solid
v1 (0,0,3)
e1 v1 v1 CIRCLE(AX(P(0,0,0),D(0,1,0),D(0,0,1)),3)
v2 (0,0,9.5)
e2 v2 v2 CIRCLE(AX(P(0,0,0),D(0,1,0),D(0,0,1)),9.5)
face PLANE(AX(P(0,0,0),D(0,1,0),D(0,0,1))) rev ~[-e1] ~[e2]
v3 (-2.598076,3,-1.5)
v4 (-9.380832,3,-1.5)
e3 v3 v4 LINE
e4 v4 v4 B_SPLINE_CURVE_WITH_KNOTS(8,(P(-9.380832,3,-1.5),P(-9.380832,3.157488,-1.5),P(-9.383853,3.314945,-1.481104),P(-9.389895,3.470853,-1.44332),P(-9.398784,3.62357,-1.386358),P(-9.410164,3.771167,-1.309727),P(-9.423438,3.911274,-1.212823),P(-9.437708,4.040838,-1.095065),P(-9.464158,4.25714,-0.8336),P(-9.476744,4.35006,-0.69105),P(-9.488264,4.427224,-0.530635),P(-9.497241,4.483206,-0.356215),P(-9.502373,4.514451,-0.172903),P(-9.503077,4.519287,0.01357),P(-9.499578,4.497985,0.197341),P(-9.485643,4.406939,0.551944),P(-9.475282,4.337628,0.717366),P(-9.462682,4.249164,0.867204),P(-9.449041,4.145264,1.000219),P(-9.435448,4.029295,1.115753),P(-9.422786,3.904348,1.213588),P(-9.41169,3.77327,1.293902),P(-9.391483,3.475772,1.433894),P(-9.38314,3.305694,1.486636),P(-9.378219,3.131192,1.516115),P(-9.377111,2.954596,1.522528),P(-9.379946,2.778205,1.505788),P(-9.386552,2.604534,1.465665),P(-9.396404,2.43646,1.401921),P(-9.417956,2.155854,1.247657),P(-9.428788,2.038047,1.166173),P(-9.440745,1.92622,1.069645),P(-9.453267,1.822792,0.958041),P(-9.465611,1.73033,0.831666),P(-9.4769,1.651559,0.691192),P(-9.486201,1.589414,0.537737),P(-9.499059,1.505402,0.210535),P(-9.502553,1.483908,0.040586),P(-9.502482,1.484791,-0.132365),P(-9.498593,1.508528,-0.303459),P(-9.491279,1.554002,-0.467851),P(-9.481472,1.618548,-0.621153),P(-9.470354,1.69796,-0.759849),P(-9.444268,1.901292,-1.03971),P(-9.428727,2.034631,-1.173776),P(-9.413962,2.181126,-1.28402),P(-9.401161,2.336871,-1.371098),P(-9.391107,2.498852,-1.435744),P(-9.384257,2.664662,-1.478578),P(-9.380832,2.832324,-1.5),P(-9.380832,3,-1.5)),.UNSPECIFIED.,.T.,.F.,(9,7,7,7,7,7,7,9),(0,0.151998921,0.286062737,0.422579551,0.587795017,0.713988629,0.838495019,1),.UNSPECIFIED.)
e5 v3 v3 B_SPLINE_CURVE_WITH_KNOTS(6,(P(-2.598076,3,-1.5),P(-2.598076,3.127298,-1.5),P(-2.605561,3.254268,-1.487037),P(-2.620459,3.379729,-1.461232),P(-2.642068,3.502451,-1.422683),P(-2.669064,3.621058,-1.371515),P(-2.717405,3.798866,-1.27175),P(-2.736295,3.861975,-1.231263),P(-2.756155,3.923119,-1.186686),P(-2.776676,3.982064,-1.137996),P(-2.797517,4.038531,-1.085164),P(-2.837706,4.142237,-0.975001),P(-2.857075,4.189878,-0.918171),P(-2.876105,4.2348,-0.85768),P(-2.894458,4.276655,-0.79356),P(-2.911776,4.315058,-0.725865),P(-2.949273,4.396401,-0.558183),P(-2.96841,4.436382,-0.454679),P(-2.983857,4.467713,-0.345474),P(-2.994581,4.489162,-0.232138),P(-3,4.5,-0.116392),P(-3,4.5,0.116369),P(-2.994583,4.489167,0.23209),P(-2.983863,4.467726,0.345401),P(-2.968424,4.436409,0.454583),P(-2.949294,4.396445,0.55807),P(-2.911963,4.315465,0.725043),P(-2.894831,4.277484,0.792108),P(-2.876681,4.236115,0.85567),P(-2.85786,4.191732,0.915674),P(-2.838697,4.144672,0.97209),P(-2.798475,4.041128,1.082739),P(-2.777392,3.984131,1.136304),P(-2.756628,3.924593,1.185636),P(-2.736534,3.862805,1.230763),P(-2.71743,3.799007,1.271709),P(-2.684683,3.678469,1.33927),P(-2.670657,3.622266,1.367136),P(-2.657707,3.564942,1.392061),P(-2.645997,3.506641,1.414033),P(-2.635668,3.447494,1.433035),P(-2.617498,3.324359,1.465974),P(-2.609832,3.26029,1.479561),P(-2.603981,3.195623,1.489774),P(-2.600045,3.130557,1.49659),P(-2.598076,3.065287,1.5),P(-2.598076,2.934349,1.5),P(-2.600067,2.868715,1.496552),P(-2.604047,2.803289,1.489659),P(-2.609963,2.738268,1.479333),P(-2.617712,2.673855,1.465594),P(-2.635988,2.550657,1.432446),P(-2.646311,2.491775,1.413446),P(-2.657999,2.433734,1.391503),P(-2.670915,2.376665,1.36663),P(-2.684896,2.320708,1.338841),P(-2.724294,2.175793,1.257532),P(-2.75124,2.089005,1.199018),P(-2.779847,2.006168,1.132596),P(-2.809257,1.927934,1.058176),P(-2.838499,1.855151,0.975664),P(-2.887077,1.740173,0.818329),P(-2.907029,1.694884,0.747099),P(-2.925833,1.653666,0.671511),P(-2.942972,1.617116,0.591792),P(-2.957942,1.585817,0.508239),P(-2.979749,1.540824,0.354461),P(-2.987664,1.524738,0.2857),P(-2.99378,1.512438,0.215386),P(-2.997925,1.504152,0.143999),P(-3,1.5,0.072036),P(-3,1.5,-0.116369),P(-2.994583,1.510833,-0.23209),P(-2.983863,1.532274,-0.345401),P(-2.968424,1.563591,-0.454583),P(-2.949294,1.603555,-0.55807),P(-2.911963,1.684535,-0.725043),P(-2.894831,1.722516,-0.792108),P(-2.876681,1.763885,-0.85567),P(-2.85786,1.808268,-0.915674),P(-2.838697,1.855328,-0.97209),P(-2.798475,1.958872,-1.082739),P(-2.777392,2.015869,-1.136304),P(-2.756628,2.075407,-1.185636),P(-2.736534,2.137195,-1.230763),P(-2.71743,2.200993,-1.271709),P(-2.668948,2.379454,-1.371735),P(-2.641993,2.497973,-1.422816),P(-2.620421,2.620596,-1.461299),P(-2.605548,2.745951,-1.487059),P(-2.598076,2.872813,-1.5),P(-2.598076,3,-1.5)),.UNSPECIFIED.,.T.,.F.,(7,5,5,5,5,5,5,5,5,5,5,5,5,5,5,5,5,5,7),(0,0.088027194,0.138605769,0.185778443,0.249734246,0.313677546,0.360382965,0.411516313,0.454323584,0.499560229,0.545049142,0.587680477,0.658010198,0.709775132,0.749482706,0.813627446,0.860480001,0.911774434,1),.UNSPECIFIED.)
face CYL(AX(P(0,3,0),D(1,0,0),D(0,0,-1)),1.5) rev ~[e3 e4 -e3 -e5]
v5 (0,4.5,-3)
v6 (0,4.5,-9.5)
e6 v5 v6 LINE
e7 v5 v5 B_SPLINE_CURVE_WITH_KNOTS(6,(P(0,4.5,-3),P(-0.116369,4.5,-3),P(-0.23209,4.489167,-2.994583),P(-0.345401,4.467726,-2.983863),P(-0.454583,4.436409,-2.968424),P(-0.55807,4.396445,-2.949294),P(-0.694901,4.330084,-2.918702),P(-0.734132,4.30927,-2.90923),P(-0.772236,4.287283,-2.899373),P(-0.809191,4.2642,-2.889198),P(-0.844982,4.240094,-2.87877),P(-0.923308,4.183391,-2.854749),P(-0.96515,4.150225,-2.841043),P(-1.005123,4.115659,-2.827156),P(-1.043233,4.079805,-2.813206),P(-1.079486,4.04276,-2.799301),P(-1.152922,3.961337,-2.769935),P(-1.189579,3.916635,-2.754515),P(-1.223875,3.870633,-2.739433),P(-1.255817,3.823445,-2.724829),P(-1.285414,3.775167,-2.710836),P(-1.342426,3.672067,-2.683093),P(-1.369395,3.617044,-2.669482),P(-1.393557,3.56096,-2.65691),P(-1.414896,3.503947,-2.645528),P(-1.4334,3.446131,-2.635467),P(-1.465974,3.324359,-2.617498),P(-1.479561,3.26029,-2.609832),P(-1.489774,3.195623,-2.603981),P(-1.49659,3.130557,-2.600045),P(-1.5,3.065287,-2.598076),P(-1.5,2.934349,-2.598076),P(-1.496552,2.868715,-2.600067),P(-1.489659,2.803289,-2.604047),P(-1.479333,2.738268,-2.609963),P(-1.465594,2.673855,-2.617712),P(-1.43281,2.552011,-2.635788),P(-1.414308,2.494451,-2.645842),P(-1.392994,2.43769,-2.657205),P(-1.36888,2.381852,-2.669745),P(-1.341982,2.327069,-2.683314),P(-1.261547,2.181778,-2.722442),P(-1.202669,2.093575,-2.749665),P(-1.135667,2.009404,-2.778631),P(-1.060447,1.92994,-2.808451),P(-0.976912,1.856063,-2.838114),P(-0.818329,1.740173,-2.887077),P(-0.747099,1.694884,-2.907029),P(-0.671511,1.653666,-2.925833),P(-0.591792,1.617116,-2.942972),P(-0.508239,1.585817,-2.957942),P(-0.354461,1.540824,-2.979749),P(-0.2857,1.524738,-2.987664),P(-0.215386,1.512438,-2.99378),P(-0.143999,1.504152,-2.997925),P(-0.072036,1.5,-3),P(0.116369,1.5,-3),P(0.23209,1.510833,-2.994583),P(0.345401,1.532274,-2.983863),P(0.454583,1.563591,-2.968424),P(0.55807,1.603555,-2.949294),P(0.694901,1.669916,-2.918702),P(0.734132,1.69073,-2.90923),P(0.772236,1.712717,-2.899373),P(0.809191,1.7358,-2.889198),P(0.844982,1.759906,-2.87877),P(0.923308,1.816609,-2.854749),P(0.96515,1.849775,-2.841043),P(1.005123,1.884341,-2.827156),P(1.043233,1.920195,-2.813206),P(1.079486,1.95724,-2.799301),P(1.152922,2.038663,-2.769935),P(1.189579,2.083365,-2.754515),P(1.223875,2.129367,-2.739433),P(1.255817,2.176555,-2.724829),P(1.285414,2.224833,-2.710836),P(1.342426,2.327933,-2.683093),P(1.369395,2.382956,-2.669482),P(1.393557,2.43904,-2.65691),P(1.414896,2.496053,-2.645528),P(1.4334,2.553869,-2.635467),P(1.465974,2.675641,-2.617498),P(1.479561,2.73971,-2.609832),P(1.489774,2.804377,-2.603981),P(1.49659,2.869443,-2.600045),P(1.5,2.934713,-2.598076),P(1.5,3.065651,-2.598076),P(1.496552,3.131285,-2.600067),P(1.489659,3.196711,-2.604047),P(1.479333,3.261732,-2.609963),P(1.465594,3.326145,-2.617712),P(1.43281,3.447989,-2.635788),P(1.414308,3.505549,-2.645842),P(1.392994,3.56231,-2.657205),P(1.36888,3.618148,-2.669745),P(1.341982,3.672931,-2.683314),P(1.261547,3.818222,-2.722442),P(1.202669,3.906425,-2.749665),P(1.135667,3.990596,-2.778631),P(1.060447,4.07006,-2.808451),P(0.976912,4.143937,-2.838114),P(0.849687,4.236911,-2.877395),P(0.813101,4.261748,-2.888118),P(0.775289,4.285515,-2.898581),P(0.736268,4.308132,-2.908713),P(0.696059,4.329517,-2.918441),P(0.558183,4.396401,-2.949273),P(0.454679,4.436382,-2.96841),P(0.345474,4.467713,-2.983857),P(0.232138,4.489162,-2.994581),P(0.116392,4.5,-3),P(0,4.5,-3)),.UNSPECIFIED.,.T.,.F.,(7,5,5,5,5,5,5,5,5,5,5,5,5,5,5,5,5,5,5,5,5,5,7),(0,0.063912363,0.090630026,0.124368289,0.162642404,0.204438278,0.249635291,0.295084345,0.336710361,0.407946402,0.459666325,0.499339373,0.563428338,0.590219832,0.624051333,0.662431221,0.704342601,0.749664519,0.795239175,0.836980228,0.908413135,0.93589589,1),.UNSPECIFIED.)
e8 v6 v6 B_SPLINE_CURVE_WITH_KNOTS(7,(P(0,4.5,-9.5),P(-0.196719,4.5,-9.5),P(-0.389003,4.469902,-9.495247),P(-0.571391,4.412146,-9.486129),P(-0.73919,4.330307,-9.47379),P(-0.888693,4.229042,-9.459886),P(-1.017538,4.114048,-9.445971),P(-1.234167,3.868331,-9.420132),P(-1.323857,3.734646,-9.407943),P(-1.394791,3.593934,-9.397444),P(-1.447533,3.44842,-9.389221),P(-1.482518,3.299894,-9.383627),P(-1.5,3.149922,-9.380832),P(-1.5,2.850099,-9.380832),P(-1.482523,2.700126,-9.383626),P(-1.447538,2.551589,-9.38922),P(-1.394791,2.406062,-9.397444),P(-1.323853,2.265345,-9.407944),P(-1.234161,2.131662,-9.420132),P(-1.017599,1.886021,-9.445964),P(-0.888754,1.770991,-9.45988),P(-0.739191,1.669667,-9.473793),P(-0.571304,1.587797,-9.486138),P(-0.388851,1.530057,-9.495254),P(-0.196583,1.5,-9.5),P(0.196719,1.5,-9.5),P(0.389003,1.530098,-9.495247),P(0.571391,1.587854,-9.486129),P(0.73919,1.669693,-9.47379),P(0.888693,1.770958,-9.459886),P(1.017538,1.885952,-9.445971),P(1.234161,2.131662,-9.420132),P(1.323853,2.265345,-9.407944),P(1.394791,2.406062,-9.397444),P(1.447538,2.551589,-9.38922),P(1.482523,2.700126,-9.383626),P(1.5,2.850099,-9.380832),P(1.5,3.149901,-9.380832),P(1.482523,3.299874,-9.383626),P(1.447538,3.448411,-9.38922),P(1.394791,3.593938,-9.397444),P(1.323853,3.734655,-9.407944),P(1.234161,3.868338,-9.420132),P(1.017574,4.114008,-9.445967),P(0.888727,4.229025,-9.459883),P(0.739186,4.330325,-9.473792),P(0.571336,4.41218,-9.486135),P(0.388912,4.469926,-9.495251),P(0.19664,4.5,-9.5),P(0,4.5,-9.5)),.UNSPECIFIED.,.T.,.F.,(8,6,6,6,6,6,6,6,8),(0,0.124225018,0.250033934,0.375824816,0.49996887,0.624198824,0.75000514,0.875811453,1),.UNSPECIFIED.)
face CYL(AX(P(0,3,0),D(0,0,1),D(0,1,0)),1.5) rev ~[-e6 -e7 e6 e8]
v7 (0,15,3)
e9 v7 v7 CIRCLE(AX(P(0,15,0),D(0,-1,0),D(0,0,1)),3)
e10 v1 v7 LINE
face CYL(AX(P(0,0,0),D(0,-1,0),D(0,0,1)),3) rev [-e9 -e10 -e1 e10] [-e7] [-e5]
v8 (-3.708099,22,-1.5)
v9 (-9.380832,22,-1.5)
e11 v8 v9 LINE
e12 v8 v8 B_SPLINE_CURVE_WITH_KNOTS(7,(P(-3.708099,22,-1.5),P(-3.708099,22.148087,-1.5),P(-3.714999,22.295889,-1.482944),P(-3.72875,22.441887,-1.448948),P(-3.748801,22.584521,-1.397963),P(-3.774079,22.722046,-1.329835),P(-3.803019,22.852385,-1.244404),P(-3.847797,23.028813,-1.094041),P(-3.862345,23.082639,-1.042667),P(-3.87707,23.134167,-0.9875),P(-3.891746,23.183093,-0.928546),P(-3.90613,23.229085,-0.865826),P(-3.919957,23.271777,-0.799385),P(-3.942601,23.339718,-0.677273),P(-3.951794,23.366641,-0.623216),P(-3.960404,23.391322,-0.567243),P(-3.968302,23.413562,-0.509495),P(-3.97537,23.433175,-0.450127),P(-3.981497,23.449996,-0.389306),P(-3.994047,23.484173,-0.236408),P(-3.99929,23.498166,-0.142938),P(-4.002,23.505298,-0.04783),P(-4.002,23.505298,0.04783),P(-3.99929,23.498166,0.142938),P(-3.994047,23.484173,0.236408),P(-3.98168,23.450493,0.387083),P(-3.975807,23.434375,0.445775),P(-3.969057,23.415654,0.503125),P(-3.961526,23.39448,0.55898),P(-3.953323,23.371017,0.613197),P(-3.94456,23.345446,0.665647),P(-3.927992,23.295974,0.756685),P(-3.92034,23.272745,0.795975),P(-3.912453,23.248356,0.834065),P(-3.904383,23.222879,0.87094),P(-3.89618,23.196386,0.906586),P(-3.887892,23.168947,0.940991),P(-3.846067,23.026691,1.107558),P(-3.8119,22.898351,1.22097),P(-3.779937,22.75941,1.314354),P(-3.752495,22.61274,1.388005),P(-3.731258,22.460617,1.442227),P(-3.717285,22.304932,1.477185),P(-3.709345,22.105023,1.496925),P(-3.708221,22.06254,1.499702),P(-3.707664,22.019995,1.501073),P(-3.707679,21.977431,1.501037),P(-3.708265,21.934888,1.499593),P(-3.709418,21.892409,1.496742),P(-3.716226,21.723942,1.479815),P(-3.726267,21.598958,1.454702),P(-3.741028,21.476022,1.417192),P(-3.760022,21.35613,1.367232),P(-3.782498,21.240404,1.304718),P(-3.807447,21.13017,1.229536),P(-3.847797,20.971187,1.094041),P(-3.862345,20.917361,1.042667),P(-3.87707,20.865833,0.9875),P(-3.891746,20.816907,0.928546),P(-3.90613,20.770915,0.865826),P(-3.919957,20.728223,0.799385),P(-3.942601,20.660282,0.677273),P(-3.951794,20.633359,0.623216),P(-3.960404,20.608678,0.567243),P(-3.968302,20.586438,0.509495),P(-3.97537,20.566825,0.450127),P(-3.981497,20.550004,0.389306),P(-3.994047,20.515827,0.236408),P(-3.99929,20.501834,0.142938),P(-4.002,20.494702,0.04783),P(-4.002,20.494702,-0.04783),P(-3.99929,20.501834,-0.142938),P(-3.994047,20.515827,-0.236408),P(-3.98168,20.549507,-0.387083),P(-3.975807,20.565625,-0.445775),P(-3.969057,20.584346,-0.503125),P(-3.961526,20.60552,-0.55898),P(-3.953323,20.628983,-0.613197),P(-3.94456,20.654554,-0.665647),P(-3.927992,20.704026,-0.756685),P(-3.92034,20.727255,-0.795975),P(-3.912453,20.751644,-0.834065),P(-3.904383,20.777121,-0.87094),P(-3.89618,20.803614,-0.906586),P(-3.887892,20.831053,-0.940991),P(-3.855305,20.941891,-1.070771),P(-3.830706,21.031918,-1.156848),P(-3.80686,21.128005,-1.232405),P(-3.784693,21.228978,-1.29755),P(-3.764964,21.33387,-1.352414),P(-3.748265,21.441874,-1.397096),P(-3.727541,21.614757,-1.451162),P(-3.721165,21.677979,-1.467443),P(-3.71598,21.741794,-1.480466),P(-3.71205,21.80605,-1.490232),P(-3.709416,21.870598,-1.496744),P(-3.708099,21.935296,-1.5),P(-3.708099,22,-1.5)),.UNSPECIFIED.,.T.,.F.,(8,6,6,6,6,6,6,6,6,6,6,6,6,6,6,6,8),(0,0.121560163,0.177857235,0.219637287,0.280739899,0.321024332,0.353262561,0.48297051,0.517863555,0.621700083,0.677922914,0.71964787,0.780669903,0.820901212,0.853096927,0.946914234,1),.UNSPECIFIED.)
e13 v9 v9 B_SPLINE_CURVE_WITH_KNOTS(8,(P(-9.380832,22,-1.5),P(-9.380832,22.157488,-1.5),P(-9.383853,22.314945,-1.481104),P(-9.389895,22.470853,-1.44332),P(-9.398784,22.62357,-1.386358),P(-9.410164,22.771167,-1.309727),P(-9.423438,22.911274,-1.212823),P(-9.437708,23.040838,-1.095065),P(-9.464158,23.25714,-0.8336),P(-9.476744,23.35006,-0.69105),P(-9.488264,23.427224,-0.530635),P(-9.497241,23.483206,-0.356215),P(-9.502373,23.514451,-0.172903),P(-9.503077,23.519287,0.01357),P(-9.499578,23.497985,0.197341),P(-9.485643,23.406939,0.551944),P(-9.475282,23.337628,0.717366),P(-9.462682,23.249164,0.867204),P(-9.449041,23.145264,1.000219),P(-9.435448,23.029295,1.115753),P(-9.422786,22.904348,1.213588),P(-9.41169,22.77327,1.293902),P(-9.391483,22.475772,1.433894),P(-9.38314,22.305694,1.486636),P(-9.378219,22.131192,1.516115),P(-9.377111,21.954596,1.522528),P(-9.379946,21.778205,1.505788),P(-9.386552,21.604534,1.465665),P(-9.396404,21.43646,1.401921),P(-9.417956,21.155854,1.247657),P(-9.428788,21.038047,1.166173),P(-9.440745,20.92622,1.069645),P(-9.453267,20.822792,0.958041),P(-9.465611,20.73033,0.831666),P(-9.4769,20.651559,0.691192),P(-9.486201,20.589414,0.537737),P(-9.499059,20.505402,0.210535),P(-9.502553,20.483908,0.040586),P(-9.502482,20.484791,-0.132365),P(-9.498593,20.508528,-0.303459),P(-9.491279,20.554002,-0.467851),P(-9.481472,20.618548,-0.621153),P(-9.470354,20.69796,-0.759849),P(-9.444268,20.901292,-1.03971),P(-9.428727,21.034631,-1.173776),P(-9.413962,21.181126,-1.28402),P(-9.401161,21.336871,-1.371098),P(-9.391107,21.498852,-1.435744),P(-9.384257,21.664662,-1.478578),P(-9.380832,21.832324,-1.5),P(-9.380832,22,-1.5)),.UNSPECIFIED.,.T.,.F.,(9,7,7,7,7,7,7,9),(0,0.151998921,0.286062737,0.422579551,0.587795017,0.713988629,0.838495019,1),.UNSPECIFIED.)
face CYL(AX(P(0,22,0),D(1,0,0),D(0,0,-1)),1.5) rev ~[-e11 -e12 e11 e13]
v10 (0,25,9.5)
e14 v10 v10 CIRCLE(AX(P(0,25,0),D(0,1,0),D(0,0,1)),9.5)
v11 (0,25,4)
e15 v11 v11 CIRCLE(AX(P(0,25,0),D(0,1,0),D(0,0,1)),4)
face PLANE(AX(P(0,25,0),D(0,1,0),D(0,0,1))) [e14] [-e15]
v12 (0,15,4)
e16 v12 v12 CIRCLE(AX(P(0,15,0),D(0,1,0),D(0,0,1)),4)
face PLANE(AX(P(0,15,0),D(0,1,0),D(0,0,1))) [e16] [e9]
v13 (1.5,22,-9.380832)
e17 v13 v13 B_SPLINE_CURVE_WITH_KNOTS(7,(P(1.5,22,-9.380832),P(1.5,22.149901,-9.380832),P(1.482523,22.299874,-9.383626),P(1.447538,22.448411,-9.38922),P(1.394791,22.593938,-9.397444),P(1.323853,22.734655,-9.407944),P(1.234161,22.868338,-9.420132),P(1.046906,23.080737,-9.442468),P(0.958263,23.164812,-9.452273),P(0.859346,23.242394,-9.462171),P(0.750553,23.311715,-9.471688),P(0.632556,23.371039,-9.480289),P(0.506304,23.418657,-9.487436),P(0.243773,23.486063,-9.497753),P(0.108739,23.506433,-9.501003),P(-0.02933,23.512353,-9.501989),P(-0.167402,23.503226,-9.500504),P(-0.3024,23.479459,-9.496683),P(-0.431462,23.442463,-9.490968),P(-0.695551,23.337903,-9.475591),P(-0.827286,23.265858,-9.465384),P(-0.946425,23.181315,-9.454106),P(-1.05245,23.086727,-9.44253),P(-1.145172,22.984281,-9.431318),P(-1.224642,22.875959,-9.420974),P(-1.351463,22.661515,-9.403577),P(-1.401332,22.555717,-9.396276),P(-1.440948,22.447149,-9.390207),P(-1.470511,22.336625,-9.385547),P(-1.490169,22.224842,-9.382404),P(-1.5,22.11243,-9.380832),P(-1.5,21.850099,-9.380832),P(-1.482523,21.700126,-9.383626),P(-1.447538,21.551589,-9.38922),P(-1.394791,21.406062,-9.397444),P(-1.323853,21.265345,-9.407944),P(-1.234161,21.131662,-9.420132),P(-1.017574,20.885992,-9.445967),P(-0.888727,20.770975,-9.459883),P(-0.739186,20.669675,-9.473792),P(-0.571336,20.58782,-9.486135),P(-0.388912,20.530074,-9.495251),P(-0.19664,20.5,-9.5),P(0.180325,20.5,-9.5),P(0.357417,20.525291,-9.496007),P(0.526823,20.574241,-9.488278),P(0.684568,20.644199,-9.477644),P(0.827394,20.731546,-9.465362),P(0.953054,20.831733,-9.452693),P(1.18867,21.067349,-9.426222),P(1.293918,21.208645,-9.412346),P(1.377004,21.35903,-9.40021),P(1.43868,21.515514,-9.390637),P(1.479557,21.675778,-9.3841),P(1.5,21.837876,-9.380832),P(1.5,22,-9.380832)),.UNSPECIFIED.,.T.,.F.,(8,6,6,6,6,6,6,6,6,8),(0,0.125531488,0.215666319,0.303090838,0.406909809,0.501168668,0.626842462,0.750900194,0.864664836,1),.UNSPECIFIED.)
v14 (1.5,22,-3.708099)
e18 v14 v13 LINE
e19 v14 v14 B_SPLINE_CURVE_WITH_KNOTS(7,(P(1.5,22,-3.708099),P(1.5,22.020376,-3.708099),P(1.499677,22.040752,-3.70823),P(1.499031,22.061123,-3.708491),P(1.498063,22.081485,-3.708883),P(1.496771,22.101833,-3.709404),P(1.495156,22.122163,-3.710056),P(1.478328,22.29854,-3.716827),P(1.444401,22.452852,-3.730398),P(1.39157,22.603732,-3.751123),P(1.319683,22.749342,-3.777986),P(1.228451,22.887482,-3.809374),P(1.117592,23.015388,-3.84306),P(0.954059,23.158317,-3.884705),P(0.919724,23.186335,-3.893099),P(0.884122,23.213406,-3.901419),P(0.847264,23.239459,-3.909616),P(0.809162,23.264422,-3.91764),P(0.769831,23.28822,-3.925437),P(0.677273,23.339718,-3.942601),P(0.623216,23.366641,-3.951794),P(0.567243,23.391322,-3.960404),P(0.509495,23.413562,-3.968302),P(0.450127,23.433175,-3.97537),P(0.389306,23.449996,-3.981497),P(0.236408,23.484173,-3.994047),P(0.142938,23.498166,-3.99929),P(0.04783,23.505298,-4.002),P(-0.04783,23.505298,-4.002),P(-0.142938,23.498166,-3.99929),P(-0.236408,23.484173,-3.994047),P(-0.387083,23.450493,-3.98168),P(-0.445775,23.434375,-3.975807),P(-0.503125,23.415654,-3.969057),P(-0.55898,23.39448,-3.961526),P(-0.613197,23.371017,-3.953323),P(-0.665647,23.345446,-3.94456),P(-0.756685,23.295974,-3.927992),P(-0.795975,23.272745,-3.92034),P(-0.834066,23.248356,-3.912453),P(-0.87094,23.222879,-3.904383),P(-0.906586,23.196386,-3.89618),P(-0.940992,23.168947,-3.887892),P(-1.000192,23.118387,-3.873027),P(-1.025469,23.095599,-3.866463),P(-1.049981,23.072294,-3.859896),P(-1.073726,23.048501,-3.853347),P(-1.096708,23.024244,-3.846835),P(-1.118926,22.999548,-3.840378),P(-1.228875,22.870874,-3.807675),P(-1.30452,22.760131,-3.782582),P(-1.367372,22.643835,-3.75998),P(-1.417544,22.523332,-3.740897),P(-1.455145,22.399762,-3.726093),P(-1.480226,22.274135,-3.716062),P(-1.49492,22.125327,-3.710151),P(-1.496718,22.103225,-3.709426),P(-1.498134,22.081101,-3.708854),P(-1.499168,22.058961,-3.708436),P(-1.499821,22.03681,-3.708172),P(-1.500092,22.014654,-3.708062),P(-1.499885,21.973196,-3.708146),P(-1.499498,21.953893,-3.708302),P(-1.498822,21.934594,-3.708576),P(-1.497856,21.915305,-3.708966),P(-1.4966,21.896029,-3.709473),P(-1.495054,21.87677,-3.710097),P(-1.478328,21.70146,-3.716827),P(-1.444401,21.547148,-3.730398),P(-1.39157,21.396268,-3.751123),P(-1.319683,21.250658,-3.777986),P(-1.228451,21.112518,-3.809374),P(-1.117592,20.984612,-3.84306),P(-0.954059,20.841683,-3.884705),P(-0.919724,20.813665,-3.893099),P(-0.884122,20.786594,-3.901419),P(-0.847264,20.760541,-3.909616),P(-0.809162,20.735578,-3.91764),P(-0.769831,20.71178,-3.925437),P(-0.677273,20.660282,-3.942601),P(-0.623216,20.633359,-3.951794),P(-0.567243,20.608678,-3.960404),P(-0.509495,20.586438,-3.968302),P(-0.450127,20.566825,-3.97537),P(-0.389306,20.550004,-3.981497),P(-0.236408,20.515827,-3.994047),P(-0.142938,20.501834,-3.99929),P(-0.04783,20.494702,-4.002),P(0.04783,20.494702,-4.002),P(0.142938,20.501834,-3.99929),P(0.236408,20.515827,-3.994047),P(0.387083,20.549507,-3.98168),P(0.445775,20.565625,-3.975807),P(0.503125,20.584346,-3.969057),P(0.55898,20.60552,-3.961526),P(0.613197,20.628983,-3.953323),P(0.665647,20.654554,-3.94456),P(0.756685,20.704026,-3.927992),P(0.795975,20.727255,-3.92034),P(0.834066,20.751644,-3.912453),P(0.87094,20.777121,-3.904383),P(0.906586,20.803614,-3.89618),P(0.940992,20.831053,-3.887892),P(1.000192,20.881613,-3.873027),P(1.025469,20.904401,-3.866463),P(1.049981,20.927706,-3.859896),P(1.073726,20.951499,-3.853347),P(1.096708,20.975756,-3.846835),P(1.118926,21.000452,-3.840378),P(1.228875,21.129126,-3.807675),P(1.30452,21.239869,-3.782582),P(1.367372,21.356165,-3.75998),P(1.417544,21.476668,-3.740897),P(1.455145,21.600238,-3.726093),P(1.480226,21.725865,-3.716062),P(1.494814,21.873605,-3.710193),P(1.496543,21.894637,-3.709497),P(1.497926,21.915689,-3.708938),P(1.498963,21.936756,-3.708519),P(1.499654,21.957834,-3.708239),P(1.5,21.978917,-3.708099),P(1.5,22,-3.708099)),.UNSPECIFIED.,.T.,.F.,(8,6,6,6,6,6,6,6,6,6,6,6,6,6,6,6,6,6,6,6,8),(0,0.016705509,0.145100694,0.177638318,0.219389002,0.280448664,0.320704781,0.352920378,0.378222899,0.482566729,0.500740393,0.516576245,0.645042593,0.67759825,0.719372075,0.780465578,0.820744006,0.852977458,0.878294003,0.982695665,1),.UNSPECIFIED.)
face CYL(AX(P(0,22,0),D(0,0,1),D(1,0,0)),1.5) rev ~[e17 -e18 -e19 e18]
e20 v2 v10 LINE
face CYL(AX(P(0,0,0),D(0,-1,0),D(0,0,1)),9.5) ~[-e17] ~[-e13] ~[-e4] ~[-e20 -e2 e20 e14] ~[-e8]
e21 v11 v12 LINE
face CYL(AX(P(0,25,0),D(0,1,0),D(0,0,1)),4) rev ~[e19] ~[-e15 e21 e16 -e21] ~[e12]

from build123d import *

# Parameters (mm, degrees)
SKETCH_1_R          = 9.5
SKETCH_1_R_2        = 3
EXTRUDE_1_DEPTH     = 25
SKETCH_2_R          = 4
CUT_EXTRUDE_1_DEPTH = 10
SKETCH_3_R          = 1.5
CUT_EXTRUDE_2_DEPTH = 10
SKETCH_4_R          = 1.5
CUT_EXTRUDE_3_DEPTH = 10


with BuildPart() as part:
    # 草图1 → 凸台-拉伸1 (new body)
    with BuildSketch(Plane(origin=(0, 0, 0), x_dir=(1, 0, 0), z_dir=(0, 1, 0))):
        with Locations(Location((0, 0, 0), (0, 0, 270))):
            Circle(SKETCH_1_R)
        with Locations(Location((0, 0, 0), (0, 0, 270))):
            Circle(SKETCH_1_R_2, mode=Mode.SUBTRACT)
    extrude(amount=EXTRUDE_1_DEPTH)

    # 草图2 → 切除-拉伸1 (cut)
    with BuildSketch(Plane(origin=(0, 25, 0), x_dir=(1, 0, 0), z_dir=(0, 1, 0))):
        with Locations(Location((0, 0, 0), (0, 0, 270))):
            Circle(SKETCH_2_R)
    extrude(amount=-CUT_EXTRUDE_1_DEPTH, mode=Mode.SUBTRACT)

    # 草图3 → 切除-拉伸2 (cut)
    with BuildSketch(Plane(origin=(0, 0, 0), x_dir=(0, 0, -1), z_dir=(1, 0, 0))):
        with Locations((0, 3)):
            Circle(SKETCH_3_R)
        with Locations((0, 22)):
            Circle(SKETCH_3_R)
    extrude(amount=-CUT_EXTRUDE_2_DEPTH, mode=Mode.SUBTRACT)

    # 草图4 → 切除-拉伸3 (cut)
    with BuildSketch(Plane.XY):
        with Locations(Location((0, 3, 0), (0, 0, 90))):
            Circle(SKETCH_4_R)
        with Locations((0, 22)):
            Circle(SKETCH_4_R)
    extrude(amount=-CUT_EXTRUDE_3_DEPTH, mode=Mode.SUBTRACT)


solid = part.part
